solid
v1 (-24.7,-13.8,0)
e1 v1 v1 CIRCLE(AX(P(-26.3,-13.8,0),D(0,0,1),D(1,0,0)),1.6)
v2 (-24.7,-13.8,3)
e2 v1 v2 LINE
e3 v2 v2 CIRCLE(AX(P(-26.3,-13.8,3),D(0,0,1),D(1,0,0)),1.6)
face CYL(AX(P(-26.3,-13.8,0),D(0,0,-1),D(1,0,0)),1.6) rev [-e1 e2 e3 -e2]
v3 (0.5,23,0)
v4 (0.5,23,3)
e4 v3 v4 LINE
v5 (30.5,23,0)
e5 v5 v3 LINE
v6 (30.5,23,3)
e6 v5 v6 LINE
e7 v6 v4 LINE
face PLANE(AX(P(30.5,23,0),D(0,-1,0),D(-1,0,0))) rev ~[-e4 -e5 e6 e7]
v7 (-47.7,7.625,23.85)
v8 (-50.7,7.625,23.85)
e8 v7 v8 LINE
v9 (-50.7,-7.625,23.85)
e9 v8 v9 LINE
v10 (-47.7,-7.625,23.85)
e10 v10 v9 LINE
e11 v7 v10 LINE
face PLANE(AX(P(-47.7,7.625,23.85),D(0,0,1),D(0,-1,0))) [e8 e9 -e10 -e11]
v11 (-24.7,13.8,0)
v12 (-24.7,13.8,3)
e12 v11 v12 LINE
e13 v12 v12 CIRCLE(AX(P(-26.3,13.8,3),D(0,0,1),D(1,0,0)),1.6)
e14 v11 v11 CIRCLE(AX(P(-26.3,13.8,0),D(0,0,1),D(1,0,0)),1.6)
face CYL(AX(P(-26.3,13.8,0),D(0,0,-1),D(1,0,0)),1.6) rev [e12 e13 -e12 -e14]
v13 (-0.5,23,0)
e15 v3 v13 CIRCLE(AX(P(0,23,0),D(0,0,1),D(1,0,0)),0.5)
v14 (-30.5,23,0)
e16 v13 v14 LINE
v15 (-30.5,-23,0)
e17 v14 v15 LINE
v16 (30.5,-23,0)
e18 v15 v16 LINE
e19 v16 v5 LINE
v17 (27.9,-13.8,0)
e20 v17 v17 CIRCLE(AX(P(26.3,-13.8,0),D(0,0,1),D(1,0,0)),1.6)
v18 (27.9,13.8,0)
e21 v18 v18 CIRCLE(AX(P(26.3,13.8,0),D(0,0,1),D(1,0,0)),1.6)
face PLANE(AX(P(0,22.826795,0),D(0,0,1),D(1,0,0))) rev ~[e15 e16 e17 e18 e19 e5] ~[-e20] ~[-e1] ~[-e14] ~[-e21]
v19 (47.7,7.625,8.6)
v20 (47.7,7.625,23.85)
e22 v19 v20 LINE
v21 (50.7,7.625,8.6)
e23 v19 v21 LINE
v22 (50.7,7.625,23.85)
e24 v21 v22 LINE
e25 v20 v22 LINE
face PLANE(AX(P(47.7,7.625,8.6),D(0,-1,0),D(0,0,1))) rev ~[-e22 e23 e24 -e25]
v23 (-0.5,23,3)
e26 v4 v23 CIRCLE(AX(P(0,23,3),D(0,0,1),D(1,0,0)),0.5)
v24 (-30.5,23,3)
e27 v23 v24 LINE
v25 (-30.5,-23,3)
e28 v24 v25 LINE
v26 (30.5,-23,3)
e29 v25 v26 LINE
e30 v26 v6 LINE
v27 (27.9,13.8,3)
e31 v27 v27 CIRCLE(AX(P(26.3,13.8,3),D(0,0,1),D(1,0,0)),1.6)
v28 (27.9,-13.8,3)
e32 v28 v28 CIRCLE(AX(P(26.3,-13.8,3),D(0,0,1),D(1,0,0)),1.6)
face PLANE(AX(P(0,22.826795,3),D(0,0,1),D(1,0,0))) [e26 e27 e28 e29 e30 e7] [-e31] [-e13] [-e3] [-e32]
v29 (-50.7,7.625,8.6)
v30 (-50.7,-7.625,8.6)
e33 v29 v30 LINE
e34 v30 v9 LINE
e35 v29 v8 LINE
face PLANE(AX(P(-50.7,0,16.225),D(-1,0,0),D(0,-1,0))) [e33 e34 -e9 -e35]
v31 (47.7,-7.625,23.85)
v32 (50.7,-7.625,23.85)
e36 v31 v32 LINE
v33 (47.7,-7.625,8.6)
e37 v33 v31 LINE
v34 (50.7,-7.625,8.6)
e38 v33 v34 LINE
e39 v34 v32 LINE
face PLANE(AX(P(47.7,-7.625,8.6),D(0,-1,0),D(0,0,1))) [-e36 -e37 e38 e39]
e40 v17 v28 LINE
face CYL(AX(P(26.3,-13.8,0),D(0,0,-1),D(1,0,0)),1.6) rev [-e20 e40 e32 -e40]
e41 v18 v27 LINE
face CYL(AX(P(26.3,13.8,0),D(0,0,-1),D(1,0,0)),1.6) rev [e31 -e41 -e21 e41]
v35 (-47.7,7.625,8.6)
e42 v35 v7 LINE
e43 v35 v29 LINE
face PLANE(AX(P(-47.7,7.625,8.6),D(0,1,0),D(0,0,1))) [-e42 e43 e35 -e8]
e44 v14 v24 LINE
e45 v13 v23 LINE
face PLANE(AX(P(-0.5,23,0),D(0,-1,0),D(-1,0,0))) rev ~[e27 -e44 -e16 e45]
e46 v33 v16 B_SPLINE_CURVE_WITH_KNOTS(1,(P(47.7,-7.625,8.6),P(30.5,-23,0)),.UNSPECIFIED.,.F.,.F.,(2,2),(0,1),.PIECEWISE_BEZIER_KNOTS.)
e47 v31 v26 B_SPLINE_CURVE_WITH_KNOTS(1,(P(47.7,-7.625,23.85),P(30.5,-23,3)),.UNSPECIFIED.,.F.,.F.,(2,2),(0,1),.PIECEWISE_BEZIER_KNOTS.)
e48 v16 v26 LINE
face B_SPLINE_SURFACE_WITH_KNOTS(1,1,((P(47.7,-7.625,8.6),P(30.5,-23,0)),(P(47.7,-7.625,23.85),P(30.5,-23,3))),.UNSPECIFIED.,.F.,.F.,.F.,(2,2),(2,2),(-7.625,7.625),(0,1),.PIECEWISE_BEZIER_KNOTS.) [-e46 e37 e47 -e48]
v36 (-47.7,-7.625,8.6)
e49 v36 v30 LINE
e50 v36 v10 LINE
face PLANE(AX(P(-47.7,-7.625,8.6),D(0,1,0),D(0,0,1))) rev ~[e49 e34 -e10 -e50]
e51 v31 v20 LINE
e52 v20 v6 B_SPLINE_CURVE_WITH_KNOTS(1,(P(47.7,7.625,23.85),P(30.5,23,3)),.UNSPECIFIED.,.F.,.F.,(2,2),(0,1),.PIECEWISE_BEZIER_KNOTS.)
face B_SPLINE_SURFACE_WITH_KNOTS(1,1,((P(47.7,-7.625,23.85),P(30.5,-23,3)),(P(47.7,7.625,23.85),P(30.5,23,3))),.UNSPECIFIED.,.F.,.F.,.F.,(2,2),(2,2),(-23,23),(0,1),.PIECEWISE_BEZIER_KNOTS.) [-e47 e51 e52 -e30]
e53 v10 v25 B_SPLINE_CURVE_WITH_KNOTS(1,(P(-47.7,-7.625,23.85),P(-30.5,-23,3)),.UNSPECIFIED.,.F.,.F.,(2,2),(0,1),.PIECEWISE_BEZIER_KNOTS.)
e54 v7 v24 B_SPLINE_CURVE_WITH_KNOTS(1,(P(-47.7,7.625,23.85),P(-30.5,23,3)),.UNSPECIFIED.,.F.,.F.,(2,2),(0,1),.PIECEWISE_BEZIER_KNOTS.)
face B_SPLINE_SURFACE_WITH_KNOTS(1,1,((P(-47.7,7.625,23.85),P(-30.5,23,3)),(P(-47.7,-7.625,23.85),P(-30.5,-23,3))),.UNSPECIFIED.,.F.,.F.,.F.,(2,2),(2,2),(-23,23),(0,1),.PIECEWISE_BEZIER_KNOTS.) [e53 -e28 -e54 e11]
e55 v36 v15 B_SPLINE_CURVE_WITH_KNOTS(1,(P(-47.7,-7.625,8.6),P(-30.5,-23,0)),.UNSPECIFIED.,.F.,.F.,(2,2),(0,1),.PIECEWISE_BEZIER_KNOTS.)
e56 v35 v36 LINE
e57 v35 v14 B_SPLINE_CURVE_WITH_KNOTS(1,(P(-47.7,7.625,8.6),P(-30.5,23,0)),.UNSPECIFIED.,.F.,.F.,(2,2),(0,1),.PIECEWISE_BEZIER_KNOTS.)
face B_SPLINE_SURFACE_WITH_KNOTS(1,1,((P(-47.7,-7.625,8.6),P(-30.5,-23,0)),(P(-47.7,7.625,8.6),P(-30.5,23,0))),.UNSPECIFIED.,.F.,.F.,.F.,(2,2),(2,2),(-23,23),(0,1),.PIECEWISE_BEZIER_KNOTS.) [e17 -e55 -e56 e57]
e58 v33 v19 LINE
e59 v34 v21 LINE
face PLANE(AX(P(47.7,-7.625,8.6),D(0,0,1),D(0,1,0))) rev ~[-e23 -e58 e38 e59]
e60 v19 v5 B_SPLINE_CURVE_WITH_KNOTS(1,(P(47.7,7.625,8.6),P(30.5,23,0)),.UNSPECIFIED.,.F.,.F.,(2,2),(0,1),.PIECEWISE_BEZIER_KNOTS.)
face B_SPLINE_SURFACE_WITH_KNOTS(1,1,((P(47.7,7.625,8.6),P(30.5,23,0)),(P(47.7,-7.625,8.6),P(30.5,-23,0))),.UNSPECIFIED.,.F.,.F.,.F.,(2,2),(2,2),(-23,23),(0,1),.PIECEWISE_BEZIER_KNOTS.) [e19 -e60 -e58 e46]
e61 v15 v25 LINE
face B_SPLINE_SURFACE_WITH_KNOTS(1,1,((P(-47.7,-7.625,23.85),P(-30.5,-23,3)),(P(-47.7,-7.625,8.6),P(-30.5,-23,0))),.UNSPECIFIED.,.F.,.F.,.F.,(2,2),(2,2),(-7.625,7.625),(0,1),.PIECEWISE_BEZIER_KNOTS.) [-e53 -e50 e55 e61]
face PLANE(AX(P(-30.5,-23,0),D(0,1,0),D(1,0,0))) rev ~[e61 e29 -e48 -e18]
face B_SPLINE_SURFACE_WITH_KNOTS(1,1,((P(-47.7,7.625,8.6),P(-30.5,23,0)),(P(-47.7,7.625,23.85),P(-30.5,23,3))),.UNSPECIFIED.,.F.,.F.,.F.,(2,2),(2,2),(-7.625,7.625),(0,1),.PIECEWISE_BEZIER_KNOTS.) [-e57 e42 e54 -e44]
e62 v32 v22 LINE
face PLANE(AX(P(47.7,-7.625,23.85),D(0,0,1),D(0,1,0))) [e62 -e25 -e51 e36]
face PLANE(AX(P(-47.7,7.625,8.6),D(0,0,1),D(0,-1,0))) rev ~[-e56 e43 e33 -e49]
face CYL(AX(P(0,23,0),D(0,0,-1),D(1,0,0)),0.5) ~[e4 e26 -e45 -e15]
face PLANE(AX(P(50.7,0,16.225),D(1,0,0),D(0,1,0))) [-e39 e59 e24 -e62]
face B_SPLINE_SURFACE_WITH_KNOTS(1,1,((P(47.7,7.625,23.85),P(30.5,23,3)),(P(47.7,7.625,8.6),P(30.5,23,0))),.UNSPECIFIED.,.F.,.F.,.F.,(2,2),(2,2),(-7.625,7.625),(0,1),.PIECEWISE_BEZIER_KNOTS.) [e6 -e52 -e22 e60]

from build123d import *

# Parameters (mm, degrees)
F0_R       = 1.6
F1_DEPTH   = 3
F3_W       = 15.25
F3_H       = 15.25
F4_DEPTH   = 3
F4_FACE_W  = 15.25
F4_FACE_H  = 15.25
F1_FACE_W  = 46
F1_FACE_H  = 3
F7_W       = 15.25
F7_H       = 15.25
F8_DEPTH   = 3
F8_FACE_W  = 15.25
F8_FACE_H  = 15.25
F1_FACE1_W = 46
F1_FACE1_H = 3


with BuildPart() as f1:
    # F0 (on Top) → F1 (new body)
    with BuildSketch(Plane.XY):
        with BuildLine():
            ThreePointArc((-0.5, 23), (0, 22.5), (0.5, 23))
            Line((0.5, 23), (-0.5, 23))
        make_face()
        with BuildLine():
            Line((-0.5, 23), (0.5, 23))
            ThreePointArc((0.5, 23), (0, 23.5), (-0.5, 23))
        make_face()
        with BuildLine():
            Line((30.5, 23), (0.5, 23))
            ThreePointArc((0.5, 23), (0, 22.5), (-0.5, 23))
            Line((-0.5, 23), (-30.5, 23))
            Line((-30.5, 23), (-30.5, -23))
            Line((-30.5, -23), (30.5, -23))
            Line((30.5, -23), (30.5, 23))
        make_face()
        with Locations((-26.3, -13.8)):
            Circle(F0_R, mode=Mode.SUBTRACT)
        with Locations((26.3, -13.8)):
            Circle(F0_R, mode=Mode.SUBTRACT)
        with Locations((-26.3, 13.8)):
            Circle(F0_R, mode=Mode.SUBTRACT)
        with Locations((26.3, 13.8)):
            Circle(F0_R, mode=Mode.SUBTRACT)
    extrude(amount=F1_DEPTH)



with BuildPart() as f4:
    # F3 (on offset) → F4 (new body)
    with BuildSketch(Plane.YZ.offset(47.7)):
        with Locations((0, 16.225)):
            Rectangle(F3_W, F3_H)
    extrude(amount=F4_DEPTH)


with BuildPart() as f1_1:
    add(f1.part)

    add(f4.part)  # F5 merges F4
    # F4_face (on face) → F5 section 0
    with BuildSketch(Plane(origin=(47.7, 0, 16.225), x_dir=(0, 1, 0), z_dir=(-1, 0, 0))):
        Rectangle(F4_FACE_W, F4_FACE_H)
    # F1_face (on face) → F5 section 1
    with BuildSketch(Plane(origin=(30.5, 0, 1.5), x_dir=(0, 1, 0), z_dir=(1, 0, 0))):
        Rectangle(F1_FACE_W, F1_FACE_H)
    loft()



with BuildPart() as f8:
    # F7 (on offset) → F8 (new body)
    with BuildSketch(Plane(origin=(-47.7, 0, 0), x_dir=(0, -1, 0), z_dir=(-1, 0, 0))):
        with Locations((0, 16.225)):
            Rectangle(F7_W, F7_H)
    extrude(amount=F8_DEPTH)


with BuildPart() as f1_2:
    add(f1_1.part)

    add(f8.part)  # F9 merges F8
    # F8_face (on face) → F9 section 0
    with BuildSketch(Plane(origin=(-47.7, 0, 16.225), x_dir=(0, -1, 0), z_dir=(1, 0, 0))):
        Rectangle(F8_FACE_W, F8_FACE_H)
    # F1_face1 (on face) → F9 section 1
    with BuildSketch(Plane(origin=(-30.5, 0, 1.5), x_dir=(0, -1, 0), z_dir=(-1, 0, 0))):
        Rectangle(F1_FACE1_W, F1_FACE1_H)
    loft()


solid = f1_2.part
